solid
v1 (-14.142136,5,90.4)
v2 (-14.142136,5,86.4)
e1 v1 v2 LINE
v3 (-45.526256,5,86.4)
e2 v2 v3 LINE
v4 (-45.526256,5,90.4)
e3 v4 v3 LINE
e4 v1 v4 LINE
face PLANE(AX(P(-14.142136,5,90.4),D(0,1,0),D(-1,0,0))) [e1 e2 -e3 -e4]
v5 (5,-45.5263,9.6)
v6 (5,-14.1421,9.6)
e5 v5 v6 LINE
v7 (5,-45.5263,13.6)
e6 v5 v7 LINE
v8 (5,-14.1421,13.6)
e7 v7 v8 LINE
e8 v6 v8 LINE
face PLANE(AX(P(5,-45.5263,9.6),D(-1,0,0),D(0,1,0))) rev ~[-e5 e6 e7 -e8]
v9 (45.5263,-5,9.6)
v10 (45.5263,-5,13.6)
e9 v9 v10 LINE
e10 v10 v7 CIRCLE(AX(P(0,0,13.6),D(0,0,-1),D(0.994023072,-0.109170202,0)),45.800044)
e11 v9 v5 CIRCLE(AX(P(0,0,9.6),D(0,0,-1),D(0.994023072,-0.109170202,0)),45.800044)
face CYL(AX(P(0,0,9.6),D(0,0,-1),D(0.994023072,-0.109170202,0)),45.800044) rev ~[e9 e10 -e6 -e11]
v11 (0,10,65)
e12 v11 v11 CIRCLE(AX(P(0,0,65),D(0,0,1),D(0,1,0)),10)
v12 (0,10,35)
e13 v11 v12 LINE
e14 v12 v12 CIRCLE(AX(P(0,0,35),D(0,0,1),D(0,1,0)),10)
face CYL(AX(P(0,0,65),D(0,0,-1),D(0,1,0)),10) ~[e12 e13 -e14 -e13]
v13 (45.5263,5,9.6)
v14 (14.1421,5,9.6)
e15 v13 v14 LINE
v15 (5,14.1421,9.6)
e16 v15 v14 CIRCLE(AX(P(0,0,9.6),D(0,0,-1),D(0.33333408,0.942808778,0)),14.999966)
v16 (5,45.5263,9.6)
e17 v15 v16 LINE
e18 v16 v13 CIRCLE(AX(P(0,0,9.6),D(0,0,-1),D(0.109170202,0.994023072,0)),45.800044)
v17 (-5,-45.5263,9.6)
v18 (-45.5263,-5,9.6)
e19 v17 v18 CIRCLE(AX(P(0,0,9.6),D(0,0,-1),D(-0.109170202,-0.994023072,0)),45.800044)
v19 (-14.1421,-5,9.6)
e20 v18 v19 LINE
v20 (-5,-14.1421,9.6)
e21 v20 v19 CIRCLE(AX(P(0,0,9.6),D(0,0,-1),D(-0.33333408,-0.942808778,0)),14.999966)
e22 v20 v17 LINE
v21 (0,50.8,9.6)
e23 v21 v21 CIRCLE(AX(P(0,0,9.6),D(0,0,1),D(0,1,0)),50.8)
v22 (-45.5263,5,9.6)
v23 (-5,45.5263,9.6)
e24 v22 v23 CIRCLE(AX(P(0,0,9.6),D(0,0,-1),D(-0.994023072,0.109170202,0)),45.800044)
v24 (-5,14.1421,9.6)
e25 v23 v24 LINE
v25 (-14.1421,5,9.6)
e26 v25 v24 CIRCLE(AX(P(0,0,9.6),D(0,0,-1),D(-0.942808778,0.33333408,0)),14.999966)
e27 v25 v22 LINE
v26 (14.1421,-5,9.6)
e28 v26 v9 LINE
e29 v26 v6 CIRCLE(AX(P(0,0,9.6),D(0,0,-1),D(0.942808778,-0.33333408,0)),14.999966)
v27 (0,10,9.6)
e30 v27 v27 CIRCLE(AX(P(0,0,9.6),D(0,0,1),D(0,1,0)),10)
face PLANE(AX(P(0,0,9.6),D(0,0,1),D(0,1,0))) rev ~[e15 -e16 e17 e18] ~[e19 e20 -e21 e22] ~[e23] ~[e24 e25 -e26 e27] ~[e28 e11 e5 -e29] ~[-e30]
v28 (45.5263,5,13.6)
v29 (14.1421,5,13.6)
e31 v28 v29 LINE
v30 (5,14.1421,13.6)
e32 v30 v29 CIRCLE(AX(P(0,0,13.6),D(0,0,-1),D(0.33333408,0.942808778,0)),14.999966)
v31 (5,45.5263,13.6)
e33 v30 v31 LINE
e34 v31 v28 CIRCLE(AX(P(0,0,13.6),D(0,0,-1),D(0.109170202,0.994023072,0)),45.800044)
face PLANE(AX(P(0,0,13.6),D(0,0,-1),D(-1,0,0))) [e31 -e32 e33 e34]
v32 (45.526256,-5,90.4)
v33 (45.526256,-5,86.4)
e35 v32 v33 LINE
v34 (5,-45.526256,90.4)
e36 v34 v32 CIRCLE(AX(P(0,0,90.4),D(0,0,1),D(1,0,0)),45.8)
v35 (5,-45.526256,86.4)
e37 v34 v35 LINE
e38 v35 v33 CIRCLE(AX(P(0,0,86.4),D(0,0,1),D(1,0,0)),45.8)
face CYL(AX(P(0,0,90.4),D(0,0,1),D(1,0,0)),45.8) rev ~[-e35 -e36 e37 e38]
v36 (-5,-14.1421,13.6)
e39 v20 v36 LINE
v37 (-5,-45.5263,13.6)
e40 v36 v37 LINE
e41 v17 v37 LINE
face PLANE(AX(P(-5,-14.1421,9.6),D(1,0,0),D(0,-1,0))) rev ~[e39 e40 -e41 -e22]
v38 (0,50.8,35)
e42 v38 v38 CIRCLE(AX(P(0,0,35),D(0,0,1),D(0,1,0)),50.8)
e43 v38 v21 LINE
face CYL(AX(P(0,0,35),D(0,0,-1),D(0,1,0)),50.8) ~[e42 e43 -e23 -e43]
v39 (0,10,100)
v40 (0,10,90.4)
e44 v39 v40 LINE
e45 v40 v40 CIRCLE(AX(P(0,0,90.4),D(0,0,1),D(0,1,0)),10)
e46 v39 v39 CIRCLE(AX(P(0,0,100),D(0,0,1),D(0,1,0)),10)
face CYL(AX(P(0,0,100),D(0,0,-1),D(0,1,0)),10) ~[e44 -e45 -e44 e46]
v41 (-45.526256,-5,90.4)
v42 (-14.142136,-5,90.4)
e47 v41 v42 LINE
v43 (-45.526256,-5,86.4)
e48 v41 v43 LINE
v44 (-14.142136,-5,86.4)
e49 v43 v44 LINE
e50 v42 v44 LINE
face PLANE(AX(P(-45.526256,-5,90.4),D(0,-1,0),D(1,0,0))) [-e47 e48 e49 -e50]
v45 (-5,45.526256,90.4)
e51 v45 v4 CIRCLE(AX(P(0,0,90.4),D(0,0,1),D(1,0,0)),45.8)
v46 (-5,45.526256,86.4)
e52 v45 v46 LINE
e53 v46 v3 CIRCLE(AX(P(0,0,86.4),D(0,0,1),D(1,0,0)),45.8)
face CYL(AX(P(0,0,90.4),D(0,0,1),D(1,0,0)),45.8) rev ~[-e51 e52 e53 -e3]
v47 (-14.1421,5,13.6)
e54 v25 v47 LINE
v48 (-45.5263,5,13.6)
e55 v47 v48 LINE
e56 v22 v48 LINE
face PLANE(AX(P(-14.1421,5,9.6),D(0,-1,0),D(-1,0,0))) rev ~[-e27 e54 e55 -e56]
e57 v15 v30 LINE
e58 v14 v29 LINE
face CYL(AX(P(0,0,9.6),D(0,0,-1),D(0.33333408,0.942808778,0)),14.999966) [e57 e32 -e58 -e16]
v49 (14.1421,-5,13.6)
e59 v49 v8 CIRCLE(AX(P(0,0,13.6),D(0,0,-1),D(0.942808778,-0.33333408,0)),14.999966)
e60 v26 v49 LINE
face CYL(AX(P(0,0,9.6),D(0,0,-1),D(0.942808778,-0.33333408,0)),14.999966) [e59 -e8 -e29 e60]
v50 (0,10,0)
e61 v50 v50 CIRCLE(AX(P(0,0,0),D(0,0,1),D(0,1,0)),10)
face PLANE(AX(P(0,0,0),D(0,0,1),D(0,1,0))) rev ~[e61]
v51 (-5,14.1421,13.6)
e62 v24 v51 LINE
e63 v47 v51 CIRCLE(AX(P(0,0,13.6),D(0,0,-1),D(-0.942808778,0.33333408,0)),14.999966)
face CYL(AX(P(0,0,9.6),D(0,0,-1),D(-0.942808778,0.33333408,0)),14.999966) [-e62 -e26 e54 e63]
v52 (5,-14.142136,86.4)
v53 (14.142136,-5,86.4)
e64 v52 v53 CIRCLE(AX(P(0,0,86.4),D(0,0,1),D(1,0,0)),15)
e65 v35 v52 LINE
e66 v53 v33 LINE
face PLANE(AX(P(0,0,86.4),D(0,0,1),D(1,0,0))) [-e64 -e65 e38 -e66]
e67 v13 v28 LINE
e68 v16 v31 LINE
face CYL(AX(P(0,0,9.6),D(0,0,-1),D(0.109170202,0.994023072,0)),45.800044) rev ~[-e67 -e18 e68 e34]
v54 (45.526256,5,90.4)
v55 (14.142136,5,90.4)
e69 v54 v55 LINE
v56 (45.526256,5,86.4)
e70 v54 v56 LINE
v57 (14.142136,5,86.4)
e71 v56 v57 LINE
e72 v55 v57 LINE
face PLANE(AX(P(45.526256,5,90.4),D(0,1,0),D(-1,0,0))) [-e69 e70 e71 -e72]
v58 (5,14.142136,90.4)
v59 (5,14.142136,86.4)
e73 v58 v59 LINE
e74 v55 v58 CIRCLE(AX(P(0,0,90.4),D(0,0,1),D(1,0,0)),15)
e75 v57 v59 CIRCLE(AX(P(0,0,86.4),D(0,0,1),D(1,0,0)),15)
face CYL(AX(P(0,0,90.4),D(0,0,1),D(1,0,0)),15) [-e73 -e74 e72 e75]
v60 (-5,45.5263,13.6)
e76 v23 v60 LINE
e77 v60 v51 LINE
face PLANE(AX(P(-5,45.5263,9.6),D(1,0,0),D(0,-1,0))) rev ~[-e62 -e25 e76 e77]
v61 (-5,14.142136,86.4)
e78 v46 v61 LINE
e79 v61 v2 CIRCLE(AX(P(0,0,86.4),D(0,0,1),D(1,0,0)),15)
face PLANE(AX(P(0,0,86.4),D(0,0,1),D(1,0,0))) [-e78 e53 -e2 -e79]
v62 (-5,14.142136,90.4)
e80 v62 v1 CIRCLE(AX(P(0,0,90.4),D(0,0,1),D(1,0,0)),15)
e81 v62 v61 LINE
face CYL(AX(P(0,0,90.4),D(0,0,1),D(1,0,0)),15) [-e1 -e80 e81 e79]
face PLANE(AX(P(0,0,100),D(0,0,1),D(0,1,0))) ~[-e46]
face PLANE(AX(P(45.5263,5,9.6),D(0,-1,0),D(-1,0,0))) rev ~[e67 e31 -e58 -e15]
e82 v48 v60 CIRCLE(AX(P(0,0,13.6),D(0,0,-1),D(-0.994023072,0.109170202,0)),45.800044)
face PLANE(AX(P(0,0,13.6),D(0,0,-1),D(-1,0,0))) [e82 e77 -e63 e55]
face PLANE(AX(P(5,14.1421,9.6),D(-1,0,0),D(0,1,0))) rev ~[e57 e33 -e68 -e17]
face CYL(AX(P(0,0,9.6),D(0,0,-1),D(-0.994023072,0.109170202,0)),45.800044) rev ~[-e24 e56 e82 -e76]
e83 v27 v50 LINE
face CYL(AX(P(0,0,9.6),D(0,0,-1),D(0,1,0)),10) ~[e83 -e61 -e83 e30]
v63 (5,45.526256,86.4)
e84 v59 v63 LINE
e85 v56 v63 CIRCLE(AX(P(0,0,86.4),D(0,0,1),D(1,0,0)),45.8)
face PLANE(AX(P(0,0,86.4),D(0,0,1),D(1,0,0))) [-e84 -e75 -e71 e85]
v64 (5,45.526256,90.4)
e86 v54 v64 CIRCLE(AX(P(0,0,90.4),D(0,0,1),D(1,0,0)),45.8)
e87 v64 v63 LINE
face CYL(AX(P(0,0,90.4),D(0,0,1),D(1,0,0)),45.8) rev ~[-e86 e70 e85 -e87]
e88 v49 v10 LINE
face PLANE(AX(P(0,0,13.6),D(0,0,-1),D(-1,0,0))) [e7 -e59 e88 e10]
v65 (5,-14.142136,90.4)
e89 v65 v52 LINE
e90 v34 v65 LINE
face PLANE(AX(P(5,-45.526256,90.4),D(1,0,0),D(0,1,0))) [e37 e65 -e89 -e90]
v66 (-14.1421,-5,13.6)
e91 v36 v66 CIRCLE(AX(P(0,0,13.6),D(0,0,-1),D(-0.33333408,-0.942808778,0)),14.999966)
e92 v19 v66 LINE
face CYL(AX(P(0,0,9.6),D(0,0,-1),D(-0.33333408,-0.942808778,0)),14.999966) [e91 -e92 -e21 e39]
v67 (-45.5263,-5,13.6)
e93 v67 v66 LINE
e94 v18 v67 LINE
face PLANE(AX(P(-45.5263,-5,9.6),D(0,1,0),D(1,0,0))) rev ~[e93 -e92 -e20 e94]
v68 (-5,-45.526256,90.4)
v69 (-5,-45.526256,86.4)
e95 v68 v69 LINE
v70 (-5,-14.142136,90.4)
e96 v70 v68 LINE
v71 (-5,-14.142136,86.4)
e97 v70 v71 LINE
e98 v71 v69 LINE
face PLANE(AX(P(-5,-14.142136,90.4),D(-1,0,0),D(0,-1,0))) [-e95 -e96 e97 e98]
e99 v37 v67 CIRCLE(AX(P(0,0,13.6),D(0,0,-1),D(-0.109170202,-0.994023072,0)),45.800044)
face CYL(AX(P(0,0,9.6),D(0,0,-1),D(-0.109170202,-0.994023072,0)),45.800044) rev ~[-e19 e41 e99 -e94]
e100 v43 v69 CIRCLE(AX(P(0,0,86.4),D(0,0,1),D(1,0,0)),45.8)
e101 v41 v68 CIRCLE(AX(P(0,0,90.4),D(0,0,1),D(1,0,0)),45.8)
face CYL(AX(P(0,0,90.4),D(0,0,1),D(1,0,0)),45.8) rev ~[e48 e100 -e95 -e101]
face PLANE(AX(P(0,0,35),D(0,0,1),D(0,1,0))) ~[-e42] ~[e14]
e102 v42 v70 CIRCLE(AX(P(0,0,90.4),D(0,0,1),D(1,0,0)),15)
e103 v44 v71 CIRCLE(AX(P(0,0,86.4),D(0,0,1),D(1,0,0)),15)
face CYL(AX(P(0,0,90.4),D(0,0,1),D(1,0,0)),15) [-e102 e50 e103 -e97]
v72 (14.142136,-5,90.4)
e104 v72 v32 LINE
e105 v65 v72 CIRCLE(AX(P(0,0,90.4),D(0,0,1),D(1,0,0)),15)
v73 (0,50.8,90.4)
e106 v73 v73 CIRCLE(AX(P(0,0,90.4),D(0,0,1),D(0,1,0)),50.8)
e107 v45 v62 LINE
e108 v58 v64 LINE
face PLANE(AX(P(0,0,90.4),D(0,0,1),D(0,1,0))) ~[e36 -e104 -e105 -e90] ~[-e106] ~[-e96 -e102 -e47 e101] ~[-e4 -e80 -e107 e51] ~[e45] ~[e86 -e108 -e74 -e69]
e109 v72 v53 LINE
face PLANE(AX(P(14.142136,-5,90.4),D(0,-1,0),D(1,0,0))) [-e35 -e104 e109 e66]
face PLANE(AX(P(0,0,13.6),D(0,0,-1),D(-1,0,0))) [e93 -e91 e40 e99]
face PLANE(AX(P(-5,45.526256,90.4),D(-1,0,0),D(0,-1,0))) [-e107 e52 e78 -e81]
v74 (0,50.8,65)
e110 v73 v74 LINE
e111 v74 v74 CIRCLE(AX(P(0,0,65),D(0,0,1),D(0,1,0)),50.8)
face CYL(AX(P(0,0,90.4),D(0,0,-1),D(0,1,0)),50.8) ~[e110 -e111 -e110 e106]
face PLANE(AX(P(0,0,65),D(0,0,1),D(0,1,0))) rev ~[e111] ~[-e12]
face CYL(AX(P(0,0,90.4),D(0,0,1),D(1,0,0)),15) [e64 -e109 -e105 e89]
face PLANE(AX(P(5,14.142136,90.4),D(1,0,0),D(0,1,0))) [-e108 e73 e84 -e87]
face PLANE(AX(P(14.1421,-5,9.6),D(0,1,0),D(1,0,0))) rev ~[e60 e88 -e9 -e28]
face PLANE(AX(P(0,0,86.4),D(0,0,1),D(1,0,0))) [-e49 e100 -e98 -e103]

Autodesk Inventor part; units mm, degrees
ref_plane "YZ Plane" through (0, 0, 0) normal (1, 0, 0) x (0, 1, 0)
ref_plane "XZ Plane" through (0, 0, 0) normal (0, 1, 0) x (-1, 0, 0)
ref_plane "XY Plane" through (0, 0, 0) normal (0, 0, 1) x (1, 0, 0)
sketch "Esboço1" plane through (0, 0, 0) normal (1, 0, 0) x (0, 1, 0)
  line L0 (0, 0) -> (0, 100)
  line L1 (0, 100) -> (10, 100)
  line L2 (10, 100) -> (10, 90.4)
  line L3 (10, 90.4) -> (50.8, 90.4)
  line L4 (50.8, 90.4) -> (50.8, 65)
  line L5 (50.8, 65) -> (10, 65)
  line L6 (10, 65) -> (10, 35)
  line L7 (10, 35) -> (50.8, 35)
  line L8 (50.8, 35) -> (50.8, 9.6)
  line L9 (50.8, 9.6) -> (10, 9.6)
  line L10 (10, 9.6) -> (10, 0)
  line L11 (10, 0) -> (0, 0)
  line L12 (0, 50) -> (10, 50)
  dimension "d0" = 10
  dimension "d1" = 100
  dimension "d2" = 25.4
  dimension "d3" = 25.4
  dimension "d4" = 15
  dimension "d5" = 15
  dimension "d6" = 50.8
revolve "Revolução1" add sketch "Esboço1" angle 360 about axis through (0, 0, 0) along (0, 0, 1)
thread "Rosca1" size "M1060x8" class "6g" standard "ANSI Metric M Profile" full length
thread "Rosca2" size "M105x6" class "6g" standard "ANSI Metric M Profile" full length
sketch "Esboço2" plane through (0, 0, 90.4) normal (0, 0, 1) x (1, 0, 0)
  circle A0 centre (0, 0) radius 10 projected
  circle A1 centre (0, 0) radius 45.8
  circle A2 centre (0, 0) radius 50.8 projected
  circle A3 centre (0, 0) radius 15
  line L0 (50.5533, 5) -> (-50.5533, 5)
  line L1 (-50.5533, 5) -> (-50.5533, -5)
  line L2 (-50.5533, -5) -> (50.5533, -5)
  line L3 (50.5533, -5) -> (50.5533, 5)
  line L4 (50.5533, 5) -> (-50.5533, -5) construction
  line L5 (-50.5533, 5) -> (50.5533, -5) construction
  line L6 (5, 50.5533) -> (-5, 50.5533)
  line L7 (-5, 50.5533) -> (-5, -50.5533)
  line L8 (-5, -50.5533) -> (5, -50.5533)
  line L9 (5, -50.5533) -> (5, 50.5533)
  line L10 (5, 50.5533) -> (-5, -50.5533) construction
  line L11 (-5, 50.5533) -> (5, -50.5533) construction
  point P0 (5, 45.5263)
  point P1 (5, 14.1421)
  point P2 (14.1421, 5)
  point P3 (45.5263, 5)
  point P4 (5, -14.1421)
  point P5 (5, -45.5263)
  point P6 (45.5263, -5)
  point P7 (14.1421, -5)
  point P8 (-5, 14.1421)
  point P9 (-5, 45.5263)
  point P10 (-45.5263, 5)
  point P11 (-14.1421, 5)
  point P12 (-5, -45.5263)
  point P13 (-5, -14.1421)
  point P14 (-14.1421, -5)
  point P15 (-45.5263, -5)
  dimension "d12" = 5
  dimension "d13" = 5
  dimension "d14" = 10
  dimension "d15" = 10
extrude "Extrusão1" cut sketch "Esboço2" against normal blind 4 contours A3 L9 A1 L0 | L2 A1 L9 A3 | A3 L0 A1 L7 | L7 A1 L2 A3
sketch "Esboço3" plane through (0, 0, 9.6) normal (0, 0, -1) x (-1, 0, 0)
  circle A0 centre (0, 0) radius 10 projected
  arc A1 (45.5263, 5) -> (5, 45.5263) centre (0, 0) ccw projected
  line L0 (14.1421, 5) -> (45.5263, 5) projected
  arc A2 (14.1421, 5) -> (5, 14.1421) centre (0, 0) ccw projected
  line L1 (5, 45.5263) -> (5, 14.1421) projected
  arc A3 (5, -14.1421) -> (14.1421, -5) centre (0, 0) ccw projected
  line L2 (45.5263, -5) -> (14.1421, -5) projected
  arc A4 (5, -45.5263) -> (45.5263, -5) centre (0, 0) ccw projected
  line L3 (5, -14.1421) -> (5, -45.5263) projected
  arc A5 (-45.5263, -5) -> (-5, -45.5263) centre (0, 0) ccw projected
  line L4 (-14.1421, -5) -> (-45.5263, -5) projected
  arc A6 (-14.1421, -5) -> (-5, -14.1421) centre (0, 0) ccw projected
  line L5 (-5, -45.5263) -> (-5, -14.1421) projected
  arc A7 (-5, 14.1421) -> (-14.1421, 5) centre (0, 0) ccw projected
  line L6 (-45.5263, 5) -> (-14.1421, 5) projected
  arc A8 (-5, 45.5263) -> (-45.5263, 5) centre (0, 0) ccw projected
  line L7 (-5, 14.1421) -> (-5, 45.5263) projected
extrude "Extrusão2" cut sketch "Esboço3" against normal blind 4 contours L0 A2 L1 A1 | A3 L2 A4 L3 | L4 A6 L5 A5 | A7 L6 A8 L7
equation "\"d3\" = d2"
equation "\"d5\" = d4"
equation "\"d15\" = d14"
properties part number "Coletor - Hand"
